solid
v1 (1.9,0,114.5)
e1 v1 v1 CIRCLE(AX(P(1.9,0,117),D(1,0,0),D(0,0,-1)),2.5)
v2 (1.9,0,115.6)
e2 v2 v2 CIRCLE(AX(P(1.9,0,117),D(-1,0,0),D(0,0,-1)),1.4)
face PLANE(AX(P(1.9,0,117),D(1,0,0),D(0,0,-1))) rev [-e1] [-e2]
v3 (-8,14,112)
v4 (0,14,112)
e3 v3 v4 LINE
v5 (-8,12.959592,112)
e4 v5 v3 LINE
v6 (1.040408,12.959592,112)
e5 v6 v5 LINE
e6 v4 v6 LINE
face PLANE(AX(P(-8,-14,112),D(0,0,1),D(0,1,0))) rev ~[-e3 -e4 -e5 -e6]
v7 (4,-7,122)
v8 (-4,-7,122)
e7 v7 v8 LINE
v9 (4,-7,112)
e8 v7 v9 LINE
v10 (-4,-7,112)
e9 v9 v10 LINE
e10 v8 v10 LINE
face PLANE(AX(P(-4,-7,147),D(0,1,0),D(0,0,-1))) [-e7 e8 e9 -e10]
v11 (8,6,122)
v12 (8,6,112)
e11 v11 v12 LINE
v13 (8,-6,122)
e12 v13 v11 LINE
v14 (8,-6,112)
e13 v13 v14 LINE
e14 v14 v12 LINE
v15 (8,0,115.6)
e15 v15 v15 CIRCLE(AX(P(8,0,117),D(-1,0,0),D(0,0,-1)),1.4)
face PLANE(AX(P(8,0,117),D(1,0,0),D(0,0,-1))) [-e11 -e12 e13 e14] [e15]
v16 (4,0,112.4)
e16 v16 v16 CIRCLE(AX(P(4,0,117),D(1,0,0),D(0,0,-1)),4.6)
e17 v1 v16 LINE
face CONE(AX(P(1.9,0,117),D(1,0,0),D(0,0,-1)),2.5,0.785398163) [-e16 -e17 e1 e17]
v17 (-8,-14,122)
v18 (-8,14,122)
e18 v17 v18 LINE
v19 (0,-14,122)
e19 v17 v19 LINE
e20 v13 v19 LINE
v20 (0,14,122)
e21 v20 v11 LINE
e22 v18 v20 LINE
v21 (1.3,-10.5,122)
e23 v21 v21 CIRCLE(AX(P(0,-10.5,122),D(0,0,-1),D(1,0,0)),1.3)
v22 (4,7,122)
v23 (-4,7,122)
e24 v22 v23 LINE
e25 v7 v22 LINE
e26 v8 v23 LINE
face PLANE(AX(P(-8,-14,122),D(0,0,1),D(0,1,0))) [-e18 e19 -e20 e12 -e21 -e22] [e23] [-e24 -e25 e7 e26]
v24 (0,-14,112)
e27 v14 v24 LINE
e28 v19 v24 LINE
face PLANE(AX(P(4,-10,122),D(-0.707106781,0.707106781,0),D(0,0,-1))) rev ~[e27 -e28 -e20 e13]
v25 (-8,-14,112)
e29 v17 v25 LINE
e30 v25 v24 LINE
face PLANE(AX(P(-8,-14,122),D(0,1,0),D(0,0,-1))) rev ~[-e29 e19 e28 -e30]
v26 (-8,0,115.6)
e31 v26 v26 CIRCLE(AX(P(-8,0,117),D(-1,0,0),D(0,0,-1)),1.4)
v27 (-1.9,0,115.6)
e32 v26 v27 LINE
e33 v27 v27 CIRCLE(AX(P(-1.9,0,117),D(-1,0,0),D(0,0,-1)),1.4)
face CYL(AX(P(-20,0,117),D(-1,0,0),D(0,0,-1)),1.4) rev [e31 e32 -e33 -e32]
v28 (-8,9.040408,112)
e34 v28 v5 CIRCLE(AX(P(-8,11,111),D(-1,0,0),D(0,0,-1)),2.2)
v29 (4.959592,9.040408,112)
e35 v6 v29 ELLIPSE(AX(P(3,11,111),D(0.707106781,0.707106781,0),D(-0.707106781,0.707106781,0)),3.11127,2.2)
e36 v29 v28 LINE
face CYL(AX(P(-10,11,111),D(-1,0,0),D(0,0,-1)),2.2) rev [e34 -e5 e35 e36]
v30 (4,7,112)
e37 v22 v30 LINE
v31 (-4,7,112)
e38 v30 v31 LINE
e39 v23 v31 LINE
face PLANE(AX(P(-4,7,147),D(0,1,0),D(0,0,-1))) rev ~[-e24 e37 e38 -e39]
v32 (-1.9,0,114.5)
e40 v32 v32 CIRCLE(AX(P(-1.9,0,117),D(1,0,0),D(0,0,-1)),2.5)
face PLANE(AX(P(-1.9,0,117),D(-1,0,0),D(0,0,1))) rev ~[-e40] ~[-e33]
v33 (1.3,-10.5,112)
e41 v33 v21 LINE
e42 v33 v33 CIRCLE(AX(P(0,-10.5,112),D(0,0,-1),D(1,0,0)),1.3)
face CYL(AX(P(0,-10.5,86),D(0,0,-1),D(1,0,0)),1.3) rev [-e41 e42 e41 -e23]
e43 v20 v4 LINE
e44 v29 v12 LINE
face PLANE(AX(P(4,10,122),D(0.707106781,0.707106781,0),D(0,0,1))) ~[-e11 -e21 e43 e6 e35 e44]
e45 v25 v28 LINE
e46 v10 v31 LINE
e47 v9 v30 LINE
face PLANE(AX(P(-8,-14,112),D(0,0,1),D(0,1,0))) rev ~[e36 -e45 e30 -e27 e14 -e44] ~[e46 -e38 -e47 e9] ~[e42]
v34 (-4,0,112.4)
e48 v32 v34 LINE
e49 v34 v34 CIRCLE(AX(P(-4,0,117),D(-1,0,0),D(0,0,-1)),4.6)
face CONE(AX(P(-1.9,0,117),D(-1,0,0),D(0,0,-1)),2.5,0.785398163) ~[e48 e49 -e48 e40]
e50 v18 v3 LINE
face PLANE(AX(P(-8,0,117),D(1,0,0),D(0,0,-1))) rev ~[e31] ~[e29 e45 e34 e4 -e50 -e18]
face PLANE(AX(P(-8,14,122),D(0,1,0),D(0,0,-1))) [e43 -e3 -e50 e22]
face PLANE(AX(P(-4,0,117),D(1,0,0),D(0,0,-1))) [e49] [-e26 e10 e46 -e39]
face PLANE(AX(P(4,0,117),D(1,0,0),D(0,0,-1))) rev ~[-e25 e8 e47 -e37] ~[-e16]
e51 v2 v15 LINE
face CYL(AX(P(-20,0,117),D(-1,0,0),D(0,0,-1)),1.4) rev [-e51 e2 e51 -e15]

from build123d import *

# Parameters (mm, degrees)
CYLINDER054061_R                           = 1.3
CYLINDER054061_DEPTH                       = 50
CYLINDER054060_R                           = 2.2
CYLINDER054060_DEPTH                       = 20
CYLINDER054060_PITCH_ANGLE                 = 90
CYLINDER054056_R                           = 1.4
CYLINDER054056_DEPTH                       = 40
CYLINDER054056_PITCH_ANGLE                 = 90
BOX112015002017004007004036_W              = 60
BOX112015002017004007004036_H              = 14
BOX112015002017004007004036_DEPTH          = 8
BOX112015002017004007004036_PITCH_ANGLE    = 90
BOX112015002017004007004037_W              = 10
BOX112015002017004007004037_H              = 28
BOX112015002017004007004037_DEPTH          = 16
BOX112015002017004007004037_PITCH_ANGLE    = 90
CHAMFER006012025_SIZE                      = 8
CHAMFER006012026_SIZE                      = 8
CONE012_PITCH_ANGLE                        = 90
PART_MIRRORING005008_PITCH_ANGLE           = 90
BOX112015002017004007004038008_W           = 10
BOX112015002017004007004038008_H           = 28
BOX112015002017004007004038008_DEPTH       = 16
BOX112015002017004007004038008_PITCH_ANGLE = 90


with BuildPart() as cylinder054101:
    # Cylinder054061 → Cylinder054061 (new body)
    with BuildSketch(Plane(origin=(0, -10.5, 7), x_dir=(1, 0, 0), z_dir=(0, 0, 1))):
        Circle(CYLINDER054061_R)
    extrude(amount=CYLINDER054061_DEPTH)


with BuildPart() as cylinder054100:
    # Cylinder054060 → Cylinder054060 (new body)
    with BuildSketch(Plane.XY):
        Circle(CYLINDER054060_R)
    extrude(amount=CYLINDER054060_DEPTH)


with BuildPart() as cylinder054100_1:
    # Cylinder054060 pitch: moved
    add(cylinder054100.part.rotate(Axis((0, 0, 0), (0, 1, 0)), CYLINDER054060_PITCH_ANGLE))


with BuildPart() as cylinder054100_2:
    # Cylinder054060 placement: moved
    add(cylinder054100_1.part.moved(Location((-10, 11, 32))))


with BuildPart() as bearing_m3:
    # Cylinder054056 → Cylinder054056 (new body)
    with BuildSketch(Plane.XY):
        Circle(CYLINDER054056_R)
    extrude(amount=CYLINDER054056_DEPTH)


with BuildPart() as bearing_m3_1:
    # Cylinder054056 pitch: moved
    add(bearing_m3.part.rotate(Axis((0, 0, 0), (0, 1, 0)), CYLINDER054056_PITCH_ANGLE))


with BuildPart() as bearing_m3_2:
    # Cylinder054056 placement: moved
    add(bearing_m3_1.part.moved(Location((-20, 0, 38))))


with BuildPart() as cube119:
    # Box112015002017004007004036 → Box112015002017004007004036 (new body)
    with BuildSketch(Plane.XY):
        with Locations((30, 7)):
            Rectangle(BOX112015002017004007004036_W, BOX112015002017004007004036_H)
    extrude(amount=BOX112015002017004007004036_DEPTH)


with BuildPart() as cube119_1:
    # Box112015002017004007004036 pitch: moved
    add(cube119.part.rotate(Axis((0, 0, 0), (0, 1, 0)), BOX112015002017004007004036_PITCH_ANGLE))


with BuildPart() as cube119_2:
    # Box112015002017004007004036 placement: moved
    add(cube119_1.part.moved(Location((-4, -7, 68))))


with BuildPart() as cut298:
    # Box112015002017004007004037 → Box112015002017004007004037 (new body)
    with BuildSketch(Plane.XY):
        with Locations((5, 14)):
            Rectangle(BOX112015002017004007004037_W, BOX112015002017004007004037_H)
    extrude(amount=BOX112015002017004007004037_DEPTH)


with BuildPart() as cut298_1:
    # Box112015002017004007004037 pitch: moved
    add(cut298.part.rotate(Axis((0, 0, 0), (0, 1, 0)), BOX112015002017004007004037_PITCH_ANGLE))


with BuildPart() as cut298_2:
    # Box112015002017004007004037 placement: moved
    add(cut298_1.part.moved(Location((-8, -14, 43))))

    # Chamfer006012025
    chamfer006012025_edges = [cut298_2.edges().sort_by_distance(p)[0] for p in [
        (8, 14, 38),
    ]]
    chamfer(chamfer006012025_edges, length=CHAMFER006012025_SIZE)

    # Chamfer006012026
    chamfer006012026_edges = [cut298_2.edges().sort_by_distance(p)[0] for p in [
        (8, -14, 38),
    ]]
    chamfer(chamfer006012026_edges, length=CHAMFER006012026_SIZE)

    # Cut298: cut Cube119
    add(cube119_2.part, mode=Mode.SUBTRACT)


with BuildPart() as cone012:
    # Cone012 → Cone012 (revolve)
    with BuildSketch(Plane.XZ):
        Polygon((0, 0), (2.5, 0), (5.5, 3), (0, 3), align=None)
    revolve(axis=Axis((0, 0, 0), (0, 0, 1)))


with BuildPart() as cone012_1:
    # Cone012 pitch: moved
    add(cone012.part.rotate(Axis((0, 0, 0), (0, 1, 0)), CONE012_PITCH_ANGLE))


with BuildPart() as cone012_2:
    # Cone012 placement: moved
    add(cone012_1.part.moved(Location((1.9, 0, 38))))


with BuildPart() as cone011:
    # Cone011 → Cone011 (revolve)
    with BuildSketch(Plane(origin=(0, 0, 2), x_dir=(1, 0, 0), z_dir=(0, -1, 0))):
        Polygon((0, 0), (2.5, 0), (5.5, 3), (0, 3), align=None)
    revolve(axis=Axis((0, 0, 2), (0, 0, 1)))


with BuildPart() as bearing_cones:
    # Part__Mirroring005008: instance of Cone011
    add(cone011.part.mirror(Plane(origin=(0, 0, 0), x_dir=(0, 1, 0), z_dir=(0, 0, 1))))


with BuildPart() as bearing_cones_1:
    # Part__Mirroring005008 pitch: moved
    add(bearing_cones.part.rotate(Axis((0, 0, 0), (0, 1, 0)), PART_MIRRORING005008_PITCH_ANGLE))


with BuildPart() as bearing_cones_2:
    # Part__Mirroring005008 placement: moved
    add(bearing_cones_1.part.moved(Location((0.1, 0, 38))))

    # Fusion051010010012015014027: union Cone012
    add(cone012_2.part)


with BuildPart() as f_6144_wire_tensioner_block:
    # Box112015002017004007004038008 → Box112015002017004007004038008 (new body)
    with BuildSketch(Plane.XY):
        with Locations((5, 14)):
            Rectangle(BOX112015002017004007004038008_W, BOX112015002017004007004038008_H)
    extrude(amount=BOX112015002017004007004038008_DEPTH)


with BuildPart() as f_6144_wire_tensioner_block_1:
    # Box112015002017004007004038008 pitch: moved
    add(f_6144_wire_tensioner_block.part.rotate(Axis((0, 0, 0), (0, 1, 0)), BOX112015002017004007004038008_PITCH_ANGLE))


with BuildPart() as f_6144_wire_tensioner_block_2:
    # Box112015002017004007004038008 placement: moved
    add(f_6144_wire_tensioner_block_1.part.moved(Location((-8, -14, 43))))

    # Common010: intersect bearing-cones
    add(bearing_cones_2.part, mode=Mode.INTERSECT)

    # Fusion051010010012015014034: union Cut298
    add(cut298_2.part)

    # Cut299: cut bearing-M3
    add(bearing_m3_2.part, mode=Mode.SUBTRACT)

    # Cut300: cut Cylinder054100
    add(cylinder054100_2.part, mode=Mode.SUBTRACT)

    # Cut301: cut Cylinder054101
    add(cylinder054101.part, mode=Mode.SUBTRACT)


with BuildPart() as f_6144_wire_tensioner_block_3:
    # Cut301 placement: moved
    add(f_6144_wire_tensioner_block_2.part.moved(Location((0, 0, 79))))


solid = f_6144_wire_tensioner_block_3.part
